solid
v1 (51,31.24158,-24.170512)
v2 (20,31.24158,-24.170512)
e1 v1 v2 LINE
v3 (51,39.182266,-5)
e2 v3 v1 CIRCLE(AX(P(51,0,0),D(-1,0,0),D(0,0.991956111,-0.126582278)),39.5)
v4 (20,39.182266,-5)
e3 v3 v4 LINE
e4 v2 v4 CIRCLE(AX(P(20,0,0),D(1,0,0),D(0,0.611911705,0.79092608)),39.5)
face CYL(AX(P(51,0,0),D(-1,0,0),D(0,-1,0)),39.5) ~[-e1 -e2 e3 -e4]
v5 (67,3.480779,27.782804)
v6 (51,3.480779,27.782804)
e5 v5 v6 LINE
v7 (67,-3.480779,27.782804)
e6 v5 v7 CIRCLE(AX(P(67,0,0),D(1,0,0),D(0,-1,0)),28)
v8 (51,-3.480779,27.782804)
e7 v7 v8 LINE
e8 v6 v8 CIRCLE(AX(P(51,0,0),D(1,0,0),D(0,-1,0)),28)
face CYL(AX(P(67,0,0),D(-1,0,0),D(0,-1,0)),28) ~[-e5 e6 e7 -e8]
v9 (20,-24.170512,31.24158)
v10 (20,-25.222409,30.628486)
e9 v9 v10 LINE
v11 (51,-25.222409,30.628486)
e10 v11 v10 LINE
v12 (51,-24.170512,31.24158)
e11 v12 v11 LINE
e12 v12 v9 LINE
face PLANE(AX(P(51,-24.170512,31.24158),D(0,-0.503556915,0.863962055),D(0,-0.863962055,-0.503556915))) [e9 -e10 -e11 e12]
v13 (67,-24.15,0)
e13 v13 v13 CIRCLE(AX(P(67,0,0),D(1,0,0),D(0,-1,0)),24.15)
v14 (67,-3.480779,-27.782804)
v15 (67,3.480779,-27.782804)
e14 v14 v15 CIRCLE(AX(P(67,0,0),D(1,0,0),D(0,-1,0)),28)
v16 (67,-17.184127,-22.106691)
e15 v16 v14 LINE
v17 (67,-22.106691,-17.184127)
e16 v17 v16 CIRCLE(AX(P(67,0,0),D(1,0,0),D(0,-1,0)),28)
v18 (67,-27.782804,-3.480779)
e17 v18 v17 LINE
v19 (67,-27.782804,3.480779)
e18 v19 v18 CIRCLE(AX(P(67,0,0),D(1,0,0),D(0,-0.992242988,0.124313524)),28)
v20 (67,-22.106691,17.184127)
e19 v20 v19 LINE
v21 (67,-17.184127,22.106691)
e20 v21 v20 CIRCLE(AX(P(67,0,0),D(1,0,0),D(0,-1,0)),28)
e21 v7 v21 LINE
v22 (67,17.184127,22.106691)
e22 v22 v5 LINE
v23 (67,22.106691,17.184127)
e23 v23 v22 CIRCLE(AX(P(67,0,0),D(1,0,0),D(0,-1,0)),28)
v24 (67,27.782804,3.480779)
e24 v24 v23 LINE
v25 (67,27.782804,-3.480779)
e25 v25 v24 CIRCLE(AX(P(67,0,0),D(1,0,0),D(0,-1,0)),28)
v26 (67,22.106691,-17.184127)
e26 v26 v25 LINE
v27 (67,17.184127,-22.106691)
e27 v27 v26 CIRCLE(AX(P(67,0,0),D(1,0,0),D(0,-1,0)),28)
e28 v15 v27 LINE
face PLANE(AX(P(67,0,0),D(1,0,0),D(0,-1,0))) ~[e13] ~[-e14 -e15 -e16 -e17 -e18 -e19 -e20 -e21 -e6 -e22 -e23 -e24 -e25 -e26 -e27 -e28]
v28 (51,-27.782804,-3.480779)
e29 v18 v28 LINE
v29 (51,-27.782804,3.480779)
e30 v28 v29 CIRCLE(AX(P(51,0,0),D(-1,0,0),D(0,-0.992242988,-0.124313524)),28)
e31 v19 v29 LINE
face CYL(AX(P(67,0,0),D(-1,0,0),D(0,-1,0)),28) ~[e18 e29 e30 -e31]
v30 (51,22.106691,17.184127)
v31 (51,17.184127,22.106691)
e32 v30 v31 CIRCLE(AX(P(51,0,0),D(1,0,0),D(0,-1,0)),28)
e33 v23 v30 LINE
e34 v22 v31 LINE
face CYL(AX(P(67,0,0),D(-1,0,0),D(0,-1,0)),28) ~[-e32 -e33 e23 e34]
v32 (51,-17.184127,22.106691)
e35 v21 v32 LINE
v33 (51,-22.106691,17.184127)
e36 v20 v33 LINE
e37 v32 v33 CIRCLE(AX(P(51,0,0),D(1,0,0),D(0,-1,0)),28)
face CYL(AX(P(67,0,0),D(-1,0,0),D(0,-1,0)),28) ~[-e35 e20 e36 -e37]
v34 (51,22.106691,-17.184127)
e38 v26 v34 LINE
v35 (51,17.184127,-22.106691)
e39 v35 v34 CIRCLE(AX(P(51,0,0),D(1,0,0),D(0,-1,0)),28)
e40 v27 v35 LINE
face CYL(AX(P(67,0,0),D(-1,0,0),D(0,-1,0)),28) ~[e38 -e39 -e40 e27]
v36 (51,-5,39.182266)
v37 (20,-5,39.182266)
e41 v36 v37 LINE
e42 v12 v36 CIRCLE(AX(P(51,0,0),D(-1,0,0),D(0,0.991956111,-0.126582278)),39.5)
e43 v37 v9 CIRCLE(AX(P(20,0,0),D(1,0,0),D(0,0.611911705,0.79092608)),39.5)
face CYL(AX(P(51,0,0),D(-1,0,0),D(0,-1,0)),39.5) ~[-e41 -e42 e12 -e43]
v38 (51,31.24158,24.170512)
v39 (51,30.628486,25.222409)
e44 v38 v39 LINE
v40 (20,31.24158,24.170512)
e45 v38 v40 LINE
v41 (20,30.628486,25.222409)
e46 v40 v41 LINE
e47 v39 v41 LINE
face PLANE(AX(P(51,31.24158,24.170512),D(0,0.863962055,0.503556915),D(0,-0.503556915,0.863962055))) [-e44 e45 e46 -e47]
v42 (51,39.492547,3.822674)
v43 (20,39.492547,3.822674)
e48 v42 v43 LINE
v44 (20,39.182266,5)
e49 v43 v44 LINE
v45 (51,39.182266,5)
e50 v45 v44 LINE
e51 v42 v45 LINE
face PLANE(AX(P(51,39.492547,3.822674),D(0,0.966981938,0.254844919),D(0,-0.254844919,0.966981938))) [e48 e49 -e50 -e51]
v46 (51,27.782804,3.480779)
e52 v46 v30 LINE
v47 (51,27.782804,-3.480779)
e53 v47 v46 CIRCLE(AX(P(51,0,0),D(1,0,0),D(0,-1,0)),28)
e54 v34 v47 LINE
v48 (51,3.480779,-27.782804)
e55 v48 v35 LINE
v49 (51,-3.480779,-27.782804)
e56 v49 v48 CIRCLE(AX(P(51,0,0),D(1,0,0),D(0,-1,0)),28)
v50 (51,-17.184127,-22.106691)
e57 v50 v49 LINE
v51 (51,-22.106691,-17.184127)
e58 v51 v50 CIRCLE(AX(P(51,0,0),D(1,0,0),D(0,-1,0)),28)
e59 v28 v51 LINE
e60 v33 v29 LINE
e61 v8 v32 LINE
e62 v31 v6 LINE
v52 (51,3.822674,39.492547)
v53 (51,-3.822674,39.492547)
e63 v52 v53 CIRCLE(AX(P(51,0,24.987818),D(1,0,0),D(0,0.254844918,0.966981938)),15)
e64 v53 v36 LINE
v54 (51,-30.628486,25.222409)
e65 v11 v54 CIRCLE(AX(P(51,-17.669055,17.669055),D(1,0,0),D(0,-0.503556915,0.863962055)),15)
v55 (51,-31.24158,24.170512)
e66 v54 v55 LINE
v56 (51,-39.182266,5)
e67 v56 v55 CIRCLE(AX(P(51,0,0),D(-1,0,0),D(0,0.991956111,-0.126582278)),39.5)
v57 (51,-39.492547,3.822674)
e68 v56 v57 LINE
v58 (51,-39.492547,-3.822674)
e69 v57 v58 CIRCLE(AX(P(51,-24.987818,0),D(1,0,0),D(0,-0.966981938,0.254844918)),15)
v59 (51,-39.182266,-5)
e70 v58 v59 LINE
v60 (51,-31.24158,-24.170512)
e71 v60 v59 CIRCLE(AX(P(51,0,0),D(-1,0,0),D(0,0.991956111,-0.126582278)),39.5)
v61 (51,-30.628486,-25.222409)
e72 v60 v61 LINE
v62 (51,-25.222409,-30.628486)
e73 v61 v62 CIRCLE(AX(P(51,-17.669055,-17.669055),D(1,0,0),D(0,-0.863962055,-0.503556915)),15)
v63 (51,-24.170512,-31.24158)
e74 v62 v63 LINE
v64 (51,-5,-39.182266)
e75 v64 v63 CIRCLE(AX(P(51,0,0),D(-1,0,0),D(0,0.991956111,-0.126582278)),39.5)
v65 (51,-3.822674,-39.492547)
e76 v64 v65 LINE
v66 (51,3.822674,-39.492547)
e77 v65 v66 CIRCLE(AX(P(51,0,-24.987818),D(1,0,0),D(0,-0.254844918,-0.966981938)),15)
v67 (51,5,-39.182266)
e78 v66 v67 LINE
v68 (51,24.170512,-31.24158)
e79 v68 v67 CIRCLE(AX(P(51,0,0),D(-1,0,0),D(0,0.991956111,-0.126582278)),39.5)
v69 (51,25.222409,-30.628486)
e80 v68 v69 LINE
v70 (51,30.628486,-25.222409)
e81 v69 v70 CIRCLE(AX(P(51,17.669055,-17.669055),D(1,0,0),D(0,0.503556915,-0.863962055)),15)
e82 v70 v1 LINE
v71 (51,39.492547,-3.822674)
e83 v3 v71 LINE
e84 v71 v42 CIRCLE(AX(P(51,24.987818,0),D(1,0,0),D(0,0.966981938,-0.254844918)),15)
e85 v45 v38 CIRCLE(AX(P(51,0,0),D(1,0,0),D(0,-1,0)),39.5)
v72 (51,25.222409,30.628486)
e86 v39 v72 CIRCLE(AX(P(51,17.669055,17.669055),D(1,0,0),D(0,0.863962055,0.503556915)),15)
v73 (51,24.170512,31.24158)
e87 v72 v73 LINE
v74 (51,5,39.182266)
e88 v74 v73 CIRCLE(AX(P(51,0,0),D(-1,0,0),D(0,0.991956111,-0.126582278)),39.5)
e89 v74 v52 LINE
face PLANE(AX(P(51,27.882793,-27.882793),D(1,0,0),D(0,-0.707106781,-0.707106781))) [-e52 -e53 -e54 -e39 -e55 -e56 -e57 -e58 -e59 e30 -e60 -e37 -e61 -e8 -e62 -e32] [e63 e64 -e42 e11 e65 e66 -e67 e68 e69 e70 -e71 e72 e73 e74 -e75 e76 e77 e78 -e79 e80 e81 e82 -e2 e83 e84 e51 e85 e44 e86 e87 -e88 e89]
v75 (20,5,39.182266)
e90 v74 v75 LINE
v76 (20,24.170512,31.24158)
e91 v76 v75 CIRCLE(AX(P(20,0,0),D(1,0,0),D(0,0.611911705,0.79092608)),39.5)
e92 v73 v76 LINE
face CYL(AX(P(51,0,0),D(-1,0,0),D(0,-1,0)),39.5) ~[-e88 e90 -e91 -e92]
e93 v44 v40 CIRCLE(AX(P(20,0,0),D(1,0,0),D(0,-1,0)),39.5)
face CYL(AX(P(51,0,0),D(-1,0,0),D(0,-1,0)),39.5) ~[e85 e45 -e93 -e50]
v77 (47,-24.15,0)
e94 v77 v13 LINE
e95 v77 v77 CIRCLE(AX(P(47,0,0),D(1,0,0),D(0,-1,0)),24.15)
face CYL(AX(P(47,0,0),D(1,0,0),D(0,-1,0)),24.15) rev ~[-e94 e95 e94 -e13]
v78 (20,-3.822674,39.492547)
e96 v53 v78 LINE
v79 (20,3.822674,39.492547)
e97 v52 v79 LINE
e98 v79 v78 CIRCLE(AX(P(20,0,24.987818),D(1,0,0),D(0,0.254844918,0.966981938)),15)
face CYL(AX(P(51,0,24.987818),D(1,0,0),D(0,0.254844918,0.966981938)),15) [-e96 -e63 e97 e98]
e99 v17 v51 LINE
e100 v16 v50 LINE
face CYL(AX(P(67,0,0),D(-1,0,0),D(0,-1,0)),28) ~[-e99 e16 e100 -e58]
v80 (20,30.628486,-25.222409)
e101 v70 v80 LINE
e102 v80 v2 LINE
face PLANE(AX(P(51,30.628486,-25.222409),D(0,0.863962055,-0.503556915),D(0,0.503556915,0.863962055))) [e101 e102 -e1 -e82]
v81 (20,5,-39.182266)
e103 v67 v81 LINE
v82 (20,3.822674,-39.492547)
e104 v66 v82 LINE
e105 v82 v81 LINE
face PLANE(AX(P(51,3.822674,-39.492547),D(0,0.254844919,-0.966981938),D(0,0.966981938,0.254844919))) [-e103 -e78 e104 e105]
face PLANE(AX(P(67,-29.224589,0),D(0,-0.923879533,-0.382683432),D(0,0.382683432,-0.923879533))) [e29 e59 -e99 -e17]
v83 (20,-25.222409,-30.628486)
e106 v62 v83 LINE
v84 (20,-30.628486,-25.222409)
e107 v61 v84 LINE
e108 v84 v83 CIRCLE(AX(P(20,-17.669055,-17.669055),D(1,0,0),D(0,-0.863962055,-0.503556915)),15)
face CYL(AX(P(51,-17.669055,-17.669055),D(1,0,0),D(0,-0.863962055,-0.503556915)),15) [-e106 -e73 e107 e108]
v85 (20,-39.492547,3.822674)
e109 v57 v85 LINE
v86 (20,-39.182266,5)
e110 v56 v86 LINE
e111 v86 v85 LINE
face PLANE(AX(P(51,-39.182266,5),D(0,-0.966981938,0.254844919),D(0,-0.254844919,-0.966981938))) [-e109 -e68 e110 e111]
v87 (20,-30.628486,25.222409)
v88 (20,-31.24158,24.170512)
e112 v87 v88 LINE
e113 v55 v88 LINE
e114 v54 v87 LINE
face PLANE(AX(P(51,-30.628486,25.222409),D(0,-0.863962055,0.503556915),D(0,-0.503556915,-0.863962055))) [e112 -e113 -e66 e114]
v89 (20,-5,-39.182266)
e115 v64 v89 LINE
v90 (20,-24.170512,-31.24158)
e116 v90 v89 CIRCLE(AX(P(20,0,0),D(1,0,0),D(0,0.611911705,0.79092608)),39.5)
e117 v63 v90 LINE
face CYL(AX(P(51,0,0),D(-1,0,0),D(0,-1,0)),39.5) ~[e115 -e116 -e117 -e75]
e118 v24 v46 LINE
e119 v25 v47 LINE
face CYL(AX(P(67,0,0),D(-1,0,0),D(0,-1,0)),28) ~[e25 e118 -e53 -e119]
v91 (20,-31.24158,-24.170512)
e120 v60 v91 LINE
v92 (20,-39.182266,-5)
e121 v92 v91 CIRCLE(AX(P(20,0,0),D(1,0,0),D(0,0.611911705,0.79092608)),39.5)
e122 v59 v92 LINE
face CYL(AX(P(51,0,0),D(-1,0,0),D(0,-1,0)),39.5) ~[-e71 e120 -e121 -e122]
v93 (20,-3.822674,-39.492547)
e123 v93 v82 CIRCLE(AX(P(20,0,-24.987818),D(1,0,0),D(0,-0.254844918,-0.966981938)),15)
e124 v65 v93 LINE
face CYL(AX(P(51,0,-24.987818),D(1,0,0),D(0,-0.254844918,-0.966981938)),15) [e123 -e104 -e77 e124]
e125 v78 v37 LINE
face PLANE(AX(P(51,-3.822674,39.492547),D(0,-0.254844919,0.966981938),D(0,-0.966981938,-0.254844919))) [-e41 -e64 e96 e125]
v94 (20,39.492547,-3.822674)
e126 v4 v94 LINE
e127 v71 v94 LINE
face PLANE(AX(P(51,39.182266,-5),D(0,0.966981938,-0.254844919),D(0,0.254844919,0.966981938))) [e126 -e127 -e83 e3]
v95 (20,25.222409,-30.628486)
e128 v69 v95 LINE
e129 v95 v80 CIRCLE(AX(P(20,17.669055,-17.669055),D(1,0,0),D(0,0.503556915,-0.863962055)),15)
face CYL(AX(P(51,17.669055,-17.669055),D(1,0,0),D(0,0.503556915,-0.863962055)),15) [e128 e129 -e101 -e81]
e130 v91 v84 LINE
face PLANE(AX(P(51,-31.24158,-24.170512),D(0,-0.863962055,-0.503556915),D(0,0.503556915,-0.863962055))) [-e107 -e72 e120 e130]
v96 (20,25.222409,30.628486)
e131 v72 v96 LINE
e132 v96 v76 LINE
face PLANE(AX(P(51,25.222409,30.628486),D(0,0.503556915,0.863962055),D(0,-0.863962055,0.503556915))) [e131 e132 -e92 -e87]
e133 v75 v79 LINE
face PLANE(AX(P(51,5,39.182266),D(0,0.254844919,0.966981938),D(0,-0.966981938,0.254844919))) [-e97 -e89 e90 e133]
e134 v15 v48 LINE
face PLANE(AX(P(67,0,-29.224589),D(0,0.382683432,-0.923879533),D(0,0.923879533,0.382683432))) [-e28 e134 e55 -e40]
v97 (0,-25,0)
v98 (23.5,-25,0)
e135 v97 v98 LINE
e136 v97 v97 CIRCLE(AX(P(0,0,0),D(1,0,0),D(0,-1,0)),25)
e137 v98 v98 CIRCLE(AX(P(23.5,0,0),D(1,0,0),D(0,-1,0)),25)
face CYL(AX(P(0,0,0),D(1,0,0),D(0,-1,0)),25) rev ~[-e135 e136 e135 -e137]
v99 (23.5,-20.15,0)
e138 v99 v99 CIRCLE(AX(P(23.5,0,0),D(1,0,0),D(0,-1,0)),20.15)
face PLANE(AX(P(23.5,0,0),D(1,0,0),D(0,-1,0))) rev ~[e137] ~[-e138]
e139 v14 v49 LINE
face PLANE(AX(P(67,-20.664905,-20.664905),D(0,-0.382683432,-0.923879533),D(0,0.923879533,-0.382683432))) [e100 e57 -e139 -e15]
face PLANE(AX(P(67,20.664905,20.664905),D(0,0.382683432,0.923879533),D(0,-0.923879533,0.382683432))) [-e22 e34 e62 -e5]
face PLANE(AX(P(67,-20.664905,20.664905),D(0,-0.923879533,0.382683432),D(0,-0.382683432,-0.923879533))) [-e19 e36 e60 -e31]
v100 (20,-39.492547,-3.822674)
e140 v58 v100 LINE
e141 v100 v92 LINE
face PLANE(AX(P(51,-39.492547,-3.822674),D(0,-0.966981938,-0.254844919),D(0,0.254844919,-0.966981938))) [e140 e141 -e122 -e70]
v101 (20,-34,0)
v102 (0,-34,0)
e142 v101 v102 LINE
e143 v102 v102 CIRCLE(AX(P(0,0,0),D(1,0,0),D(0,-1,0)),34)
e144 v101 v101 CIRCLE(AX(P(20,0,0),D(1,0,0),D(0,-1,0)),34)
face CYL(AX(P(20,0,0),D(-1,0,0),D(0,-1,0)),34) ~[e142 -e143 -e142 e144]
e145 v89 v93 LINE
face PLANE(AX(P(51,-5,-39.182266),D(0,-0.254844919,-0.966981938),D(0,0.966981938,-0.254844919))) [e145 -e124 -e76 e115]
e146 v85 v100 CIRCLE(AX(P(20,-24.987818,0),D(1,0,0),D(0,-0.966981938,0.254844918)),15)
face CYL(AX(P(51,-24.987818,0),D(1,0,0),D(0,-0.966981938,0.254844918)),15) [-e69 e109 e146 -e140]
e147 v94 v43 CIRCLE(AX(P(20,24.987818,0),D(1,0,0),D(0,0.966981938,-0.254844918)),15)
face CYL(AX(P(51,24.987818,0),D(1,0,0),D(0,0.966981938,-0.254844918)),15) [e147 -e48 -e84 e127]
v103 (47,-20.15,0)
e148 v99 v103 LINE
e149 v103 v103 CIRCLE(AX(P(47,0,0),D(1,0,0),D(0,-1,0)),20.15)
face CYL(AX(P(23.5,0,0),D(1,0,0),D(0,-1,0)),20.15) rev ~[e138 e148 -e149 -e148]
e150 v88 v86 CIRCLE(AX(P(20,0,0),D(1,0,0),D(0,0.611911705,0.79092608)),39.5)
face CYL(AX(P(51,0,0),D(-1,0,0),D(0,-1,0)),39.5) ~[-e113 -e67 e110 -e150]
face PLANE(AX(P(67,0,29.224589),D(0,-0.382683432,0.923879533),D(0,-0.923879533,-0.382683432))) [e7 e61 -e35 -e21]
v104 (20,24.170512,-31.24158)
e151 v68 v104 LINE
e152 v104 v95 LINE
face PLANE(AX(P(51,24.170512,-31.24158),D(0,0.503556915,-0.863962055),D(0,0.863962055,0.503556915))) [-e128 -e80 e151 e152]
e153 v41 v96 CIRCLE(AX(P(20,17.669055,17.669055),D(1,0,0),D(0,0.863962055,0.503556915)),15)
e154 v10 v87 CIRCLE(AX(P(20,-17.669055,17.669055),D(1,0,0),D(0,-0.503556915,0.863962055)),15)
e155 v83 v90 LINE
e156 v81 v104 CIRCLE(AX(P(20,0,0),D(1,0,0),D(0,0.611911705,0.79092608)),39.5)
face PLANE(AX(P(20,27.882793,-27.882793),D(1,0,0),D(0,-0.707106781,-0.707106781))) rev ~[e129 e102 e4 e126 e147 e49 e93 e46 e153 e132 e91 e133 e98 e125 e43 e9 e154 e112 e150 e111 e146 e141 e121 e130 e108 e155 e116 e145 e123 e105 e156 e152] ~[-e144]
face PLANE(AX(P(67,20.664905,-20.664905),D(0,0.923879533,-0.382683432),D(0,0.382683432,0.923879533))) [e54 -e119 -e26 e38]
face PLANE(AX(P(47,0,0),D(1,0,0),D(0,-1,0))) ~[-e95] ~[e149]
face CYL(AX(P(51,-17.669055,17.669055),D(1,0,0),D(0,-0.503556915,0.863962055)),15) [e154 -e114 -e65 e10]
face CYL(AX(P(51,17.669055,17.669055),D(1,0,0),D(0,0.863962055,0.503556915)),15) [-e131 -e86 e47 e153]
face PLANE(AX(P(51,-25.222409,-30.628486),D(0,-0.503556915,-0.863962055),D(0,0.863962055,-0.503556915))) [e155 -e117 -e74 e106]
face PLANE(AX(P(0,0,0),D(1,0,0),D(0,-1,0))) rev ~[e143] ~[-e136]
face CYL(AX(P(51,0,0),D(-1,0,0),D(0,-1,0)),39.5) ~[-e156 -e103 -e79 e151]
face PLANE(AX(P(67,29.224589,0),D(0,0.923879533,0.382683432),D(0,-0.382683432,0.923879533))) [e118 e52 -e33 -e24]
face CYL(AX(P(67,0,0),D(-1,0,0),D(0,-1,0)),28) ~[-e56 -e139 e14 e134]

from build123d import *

# Parameters (mm, degrees)
SKETCH3_R           = 45.8838883
CUT_EXTRUDE1_DEPTH  = 16
BOSS_EXTRUDE1_DEPTH = 31
CIRPATTERN1_COUNT   = 8


with BuildPart() as part:
    # Sketch1 → Revolve1 (revolve)
    with BuildSketch(Plane.XY):
        Polygon((0, -25), (23.5, -25), (23.5, -20.15), (47, -20.15), (47, -24.15), (67, -24.15), (67, -28), (51, -28), (51, -39.5), (20, -39.5), (20, -34), (0, -34), align=None)
    revolve(axis=Axis((0, 0, 0), (1, 0, 0)))

    # Sketch3 → Cut-Extrude1 (cut)
    with BuildSketch(Plane(origin=(67, 0, 0), x_dir=(0, 0, -1), z_dir=(1, 0, 0))):
        Circle(SKETCH3_R)
        Polygon((0, 29.224589408), (-20.664905348, 20.664905348), (-29.224589408, 0), (-20.664905348, -20.664905348), (0, -29.224589408), (20.664905348, -20.664905348), (29.224589408, 0), (20.664905348, 20.664905348), align=None, mode=Mode.SUBTRACT)
    extrude(amount=-CUT_EXTRUDE1_DEPTH, mode=Mode.SUBTRACT)

    # Sketch4 → Boss-Extrude1 (add)
    with BuildSketch(Plane(origin=(51, 0, 0), x_dir=(0, 0, -1), z_dir=(1, 0, 0))):
        with BuildLine():
            Line((-3.822673778, 39.492546862), (-5, 39.182266397))
            Line((-5, 39.182266397), (5, 39.182266397))
            Line((5, 39.182266397), (3.822673778, 39.492546862))
            ThreePointArc((3.822673778, 39.492546862), (0, 39.987817799), (-3.822673778, 39.492546862))
        make_face()
    boss_extrude1 = extrude(amount=-BOSS_EXTRUDE1_DEPTH)

    # CirPattern1: Boss-Extrude1 ×8 about axis
    cirpattern1_axis = Axis((0, 0, 0), (1, 0, 0))
    for i in range(1, CIRPATTERN1_COUNT):
        add(boss_extrude1.rotate(cirpattern1_axis, i * 360 / CIRPATTERN1_COUNT))


solid = part.part
